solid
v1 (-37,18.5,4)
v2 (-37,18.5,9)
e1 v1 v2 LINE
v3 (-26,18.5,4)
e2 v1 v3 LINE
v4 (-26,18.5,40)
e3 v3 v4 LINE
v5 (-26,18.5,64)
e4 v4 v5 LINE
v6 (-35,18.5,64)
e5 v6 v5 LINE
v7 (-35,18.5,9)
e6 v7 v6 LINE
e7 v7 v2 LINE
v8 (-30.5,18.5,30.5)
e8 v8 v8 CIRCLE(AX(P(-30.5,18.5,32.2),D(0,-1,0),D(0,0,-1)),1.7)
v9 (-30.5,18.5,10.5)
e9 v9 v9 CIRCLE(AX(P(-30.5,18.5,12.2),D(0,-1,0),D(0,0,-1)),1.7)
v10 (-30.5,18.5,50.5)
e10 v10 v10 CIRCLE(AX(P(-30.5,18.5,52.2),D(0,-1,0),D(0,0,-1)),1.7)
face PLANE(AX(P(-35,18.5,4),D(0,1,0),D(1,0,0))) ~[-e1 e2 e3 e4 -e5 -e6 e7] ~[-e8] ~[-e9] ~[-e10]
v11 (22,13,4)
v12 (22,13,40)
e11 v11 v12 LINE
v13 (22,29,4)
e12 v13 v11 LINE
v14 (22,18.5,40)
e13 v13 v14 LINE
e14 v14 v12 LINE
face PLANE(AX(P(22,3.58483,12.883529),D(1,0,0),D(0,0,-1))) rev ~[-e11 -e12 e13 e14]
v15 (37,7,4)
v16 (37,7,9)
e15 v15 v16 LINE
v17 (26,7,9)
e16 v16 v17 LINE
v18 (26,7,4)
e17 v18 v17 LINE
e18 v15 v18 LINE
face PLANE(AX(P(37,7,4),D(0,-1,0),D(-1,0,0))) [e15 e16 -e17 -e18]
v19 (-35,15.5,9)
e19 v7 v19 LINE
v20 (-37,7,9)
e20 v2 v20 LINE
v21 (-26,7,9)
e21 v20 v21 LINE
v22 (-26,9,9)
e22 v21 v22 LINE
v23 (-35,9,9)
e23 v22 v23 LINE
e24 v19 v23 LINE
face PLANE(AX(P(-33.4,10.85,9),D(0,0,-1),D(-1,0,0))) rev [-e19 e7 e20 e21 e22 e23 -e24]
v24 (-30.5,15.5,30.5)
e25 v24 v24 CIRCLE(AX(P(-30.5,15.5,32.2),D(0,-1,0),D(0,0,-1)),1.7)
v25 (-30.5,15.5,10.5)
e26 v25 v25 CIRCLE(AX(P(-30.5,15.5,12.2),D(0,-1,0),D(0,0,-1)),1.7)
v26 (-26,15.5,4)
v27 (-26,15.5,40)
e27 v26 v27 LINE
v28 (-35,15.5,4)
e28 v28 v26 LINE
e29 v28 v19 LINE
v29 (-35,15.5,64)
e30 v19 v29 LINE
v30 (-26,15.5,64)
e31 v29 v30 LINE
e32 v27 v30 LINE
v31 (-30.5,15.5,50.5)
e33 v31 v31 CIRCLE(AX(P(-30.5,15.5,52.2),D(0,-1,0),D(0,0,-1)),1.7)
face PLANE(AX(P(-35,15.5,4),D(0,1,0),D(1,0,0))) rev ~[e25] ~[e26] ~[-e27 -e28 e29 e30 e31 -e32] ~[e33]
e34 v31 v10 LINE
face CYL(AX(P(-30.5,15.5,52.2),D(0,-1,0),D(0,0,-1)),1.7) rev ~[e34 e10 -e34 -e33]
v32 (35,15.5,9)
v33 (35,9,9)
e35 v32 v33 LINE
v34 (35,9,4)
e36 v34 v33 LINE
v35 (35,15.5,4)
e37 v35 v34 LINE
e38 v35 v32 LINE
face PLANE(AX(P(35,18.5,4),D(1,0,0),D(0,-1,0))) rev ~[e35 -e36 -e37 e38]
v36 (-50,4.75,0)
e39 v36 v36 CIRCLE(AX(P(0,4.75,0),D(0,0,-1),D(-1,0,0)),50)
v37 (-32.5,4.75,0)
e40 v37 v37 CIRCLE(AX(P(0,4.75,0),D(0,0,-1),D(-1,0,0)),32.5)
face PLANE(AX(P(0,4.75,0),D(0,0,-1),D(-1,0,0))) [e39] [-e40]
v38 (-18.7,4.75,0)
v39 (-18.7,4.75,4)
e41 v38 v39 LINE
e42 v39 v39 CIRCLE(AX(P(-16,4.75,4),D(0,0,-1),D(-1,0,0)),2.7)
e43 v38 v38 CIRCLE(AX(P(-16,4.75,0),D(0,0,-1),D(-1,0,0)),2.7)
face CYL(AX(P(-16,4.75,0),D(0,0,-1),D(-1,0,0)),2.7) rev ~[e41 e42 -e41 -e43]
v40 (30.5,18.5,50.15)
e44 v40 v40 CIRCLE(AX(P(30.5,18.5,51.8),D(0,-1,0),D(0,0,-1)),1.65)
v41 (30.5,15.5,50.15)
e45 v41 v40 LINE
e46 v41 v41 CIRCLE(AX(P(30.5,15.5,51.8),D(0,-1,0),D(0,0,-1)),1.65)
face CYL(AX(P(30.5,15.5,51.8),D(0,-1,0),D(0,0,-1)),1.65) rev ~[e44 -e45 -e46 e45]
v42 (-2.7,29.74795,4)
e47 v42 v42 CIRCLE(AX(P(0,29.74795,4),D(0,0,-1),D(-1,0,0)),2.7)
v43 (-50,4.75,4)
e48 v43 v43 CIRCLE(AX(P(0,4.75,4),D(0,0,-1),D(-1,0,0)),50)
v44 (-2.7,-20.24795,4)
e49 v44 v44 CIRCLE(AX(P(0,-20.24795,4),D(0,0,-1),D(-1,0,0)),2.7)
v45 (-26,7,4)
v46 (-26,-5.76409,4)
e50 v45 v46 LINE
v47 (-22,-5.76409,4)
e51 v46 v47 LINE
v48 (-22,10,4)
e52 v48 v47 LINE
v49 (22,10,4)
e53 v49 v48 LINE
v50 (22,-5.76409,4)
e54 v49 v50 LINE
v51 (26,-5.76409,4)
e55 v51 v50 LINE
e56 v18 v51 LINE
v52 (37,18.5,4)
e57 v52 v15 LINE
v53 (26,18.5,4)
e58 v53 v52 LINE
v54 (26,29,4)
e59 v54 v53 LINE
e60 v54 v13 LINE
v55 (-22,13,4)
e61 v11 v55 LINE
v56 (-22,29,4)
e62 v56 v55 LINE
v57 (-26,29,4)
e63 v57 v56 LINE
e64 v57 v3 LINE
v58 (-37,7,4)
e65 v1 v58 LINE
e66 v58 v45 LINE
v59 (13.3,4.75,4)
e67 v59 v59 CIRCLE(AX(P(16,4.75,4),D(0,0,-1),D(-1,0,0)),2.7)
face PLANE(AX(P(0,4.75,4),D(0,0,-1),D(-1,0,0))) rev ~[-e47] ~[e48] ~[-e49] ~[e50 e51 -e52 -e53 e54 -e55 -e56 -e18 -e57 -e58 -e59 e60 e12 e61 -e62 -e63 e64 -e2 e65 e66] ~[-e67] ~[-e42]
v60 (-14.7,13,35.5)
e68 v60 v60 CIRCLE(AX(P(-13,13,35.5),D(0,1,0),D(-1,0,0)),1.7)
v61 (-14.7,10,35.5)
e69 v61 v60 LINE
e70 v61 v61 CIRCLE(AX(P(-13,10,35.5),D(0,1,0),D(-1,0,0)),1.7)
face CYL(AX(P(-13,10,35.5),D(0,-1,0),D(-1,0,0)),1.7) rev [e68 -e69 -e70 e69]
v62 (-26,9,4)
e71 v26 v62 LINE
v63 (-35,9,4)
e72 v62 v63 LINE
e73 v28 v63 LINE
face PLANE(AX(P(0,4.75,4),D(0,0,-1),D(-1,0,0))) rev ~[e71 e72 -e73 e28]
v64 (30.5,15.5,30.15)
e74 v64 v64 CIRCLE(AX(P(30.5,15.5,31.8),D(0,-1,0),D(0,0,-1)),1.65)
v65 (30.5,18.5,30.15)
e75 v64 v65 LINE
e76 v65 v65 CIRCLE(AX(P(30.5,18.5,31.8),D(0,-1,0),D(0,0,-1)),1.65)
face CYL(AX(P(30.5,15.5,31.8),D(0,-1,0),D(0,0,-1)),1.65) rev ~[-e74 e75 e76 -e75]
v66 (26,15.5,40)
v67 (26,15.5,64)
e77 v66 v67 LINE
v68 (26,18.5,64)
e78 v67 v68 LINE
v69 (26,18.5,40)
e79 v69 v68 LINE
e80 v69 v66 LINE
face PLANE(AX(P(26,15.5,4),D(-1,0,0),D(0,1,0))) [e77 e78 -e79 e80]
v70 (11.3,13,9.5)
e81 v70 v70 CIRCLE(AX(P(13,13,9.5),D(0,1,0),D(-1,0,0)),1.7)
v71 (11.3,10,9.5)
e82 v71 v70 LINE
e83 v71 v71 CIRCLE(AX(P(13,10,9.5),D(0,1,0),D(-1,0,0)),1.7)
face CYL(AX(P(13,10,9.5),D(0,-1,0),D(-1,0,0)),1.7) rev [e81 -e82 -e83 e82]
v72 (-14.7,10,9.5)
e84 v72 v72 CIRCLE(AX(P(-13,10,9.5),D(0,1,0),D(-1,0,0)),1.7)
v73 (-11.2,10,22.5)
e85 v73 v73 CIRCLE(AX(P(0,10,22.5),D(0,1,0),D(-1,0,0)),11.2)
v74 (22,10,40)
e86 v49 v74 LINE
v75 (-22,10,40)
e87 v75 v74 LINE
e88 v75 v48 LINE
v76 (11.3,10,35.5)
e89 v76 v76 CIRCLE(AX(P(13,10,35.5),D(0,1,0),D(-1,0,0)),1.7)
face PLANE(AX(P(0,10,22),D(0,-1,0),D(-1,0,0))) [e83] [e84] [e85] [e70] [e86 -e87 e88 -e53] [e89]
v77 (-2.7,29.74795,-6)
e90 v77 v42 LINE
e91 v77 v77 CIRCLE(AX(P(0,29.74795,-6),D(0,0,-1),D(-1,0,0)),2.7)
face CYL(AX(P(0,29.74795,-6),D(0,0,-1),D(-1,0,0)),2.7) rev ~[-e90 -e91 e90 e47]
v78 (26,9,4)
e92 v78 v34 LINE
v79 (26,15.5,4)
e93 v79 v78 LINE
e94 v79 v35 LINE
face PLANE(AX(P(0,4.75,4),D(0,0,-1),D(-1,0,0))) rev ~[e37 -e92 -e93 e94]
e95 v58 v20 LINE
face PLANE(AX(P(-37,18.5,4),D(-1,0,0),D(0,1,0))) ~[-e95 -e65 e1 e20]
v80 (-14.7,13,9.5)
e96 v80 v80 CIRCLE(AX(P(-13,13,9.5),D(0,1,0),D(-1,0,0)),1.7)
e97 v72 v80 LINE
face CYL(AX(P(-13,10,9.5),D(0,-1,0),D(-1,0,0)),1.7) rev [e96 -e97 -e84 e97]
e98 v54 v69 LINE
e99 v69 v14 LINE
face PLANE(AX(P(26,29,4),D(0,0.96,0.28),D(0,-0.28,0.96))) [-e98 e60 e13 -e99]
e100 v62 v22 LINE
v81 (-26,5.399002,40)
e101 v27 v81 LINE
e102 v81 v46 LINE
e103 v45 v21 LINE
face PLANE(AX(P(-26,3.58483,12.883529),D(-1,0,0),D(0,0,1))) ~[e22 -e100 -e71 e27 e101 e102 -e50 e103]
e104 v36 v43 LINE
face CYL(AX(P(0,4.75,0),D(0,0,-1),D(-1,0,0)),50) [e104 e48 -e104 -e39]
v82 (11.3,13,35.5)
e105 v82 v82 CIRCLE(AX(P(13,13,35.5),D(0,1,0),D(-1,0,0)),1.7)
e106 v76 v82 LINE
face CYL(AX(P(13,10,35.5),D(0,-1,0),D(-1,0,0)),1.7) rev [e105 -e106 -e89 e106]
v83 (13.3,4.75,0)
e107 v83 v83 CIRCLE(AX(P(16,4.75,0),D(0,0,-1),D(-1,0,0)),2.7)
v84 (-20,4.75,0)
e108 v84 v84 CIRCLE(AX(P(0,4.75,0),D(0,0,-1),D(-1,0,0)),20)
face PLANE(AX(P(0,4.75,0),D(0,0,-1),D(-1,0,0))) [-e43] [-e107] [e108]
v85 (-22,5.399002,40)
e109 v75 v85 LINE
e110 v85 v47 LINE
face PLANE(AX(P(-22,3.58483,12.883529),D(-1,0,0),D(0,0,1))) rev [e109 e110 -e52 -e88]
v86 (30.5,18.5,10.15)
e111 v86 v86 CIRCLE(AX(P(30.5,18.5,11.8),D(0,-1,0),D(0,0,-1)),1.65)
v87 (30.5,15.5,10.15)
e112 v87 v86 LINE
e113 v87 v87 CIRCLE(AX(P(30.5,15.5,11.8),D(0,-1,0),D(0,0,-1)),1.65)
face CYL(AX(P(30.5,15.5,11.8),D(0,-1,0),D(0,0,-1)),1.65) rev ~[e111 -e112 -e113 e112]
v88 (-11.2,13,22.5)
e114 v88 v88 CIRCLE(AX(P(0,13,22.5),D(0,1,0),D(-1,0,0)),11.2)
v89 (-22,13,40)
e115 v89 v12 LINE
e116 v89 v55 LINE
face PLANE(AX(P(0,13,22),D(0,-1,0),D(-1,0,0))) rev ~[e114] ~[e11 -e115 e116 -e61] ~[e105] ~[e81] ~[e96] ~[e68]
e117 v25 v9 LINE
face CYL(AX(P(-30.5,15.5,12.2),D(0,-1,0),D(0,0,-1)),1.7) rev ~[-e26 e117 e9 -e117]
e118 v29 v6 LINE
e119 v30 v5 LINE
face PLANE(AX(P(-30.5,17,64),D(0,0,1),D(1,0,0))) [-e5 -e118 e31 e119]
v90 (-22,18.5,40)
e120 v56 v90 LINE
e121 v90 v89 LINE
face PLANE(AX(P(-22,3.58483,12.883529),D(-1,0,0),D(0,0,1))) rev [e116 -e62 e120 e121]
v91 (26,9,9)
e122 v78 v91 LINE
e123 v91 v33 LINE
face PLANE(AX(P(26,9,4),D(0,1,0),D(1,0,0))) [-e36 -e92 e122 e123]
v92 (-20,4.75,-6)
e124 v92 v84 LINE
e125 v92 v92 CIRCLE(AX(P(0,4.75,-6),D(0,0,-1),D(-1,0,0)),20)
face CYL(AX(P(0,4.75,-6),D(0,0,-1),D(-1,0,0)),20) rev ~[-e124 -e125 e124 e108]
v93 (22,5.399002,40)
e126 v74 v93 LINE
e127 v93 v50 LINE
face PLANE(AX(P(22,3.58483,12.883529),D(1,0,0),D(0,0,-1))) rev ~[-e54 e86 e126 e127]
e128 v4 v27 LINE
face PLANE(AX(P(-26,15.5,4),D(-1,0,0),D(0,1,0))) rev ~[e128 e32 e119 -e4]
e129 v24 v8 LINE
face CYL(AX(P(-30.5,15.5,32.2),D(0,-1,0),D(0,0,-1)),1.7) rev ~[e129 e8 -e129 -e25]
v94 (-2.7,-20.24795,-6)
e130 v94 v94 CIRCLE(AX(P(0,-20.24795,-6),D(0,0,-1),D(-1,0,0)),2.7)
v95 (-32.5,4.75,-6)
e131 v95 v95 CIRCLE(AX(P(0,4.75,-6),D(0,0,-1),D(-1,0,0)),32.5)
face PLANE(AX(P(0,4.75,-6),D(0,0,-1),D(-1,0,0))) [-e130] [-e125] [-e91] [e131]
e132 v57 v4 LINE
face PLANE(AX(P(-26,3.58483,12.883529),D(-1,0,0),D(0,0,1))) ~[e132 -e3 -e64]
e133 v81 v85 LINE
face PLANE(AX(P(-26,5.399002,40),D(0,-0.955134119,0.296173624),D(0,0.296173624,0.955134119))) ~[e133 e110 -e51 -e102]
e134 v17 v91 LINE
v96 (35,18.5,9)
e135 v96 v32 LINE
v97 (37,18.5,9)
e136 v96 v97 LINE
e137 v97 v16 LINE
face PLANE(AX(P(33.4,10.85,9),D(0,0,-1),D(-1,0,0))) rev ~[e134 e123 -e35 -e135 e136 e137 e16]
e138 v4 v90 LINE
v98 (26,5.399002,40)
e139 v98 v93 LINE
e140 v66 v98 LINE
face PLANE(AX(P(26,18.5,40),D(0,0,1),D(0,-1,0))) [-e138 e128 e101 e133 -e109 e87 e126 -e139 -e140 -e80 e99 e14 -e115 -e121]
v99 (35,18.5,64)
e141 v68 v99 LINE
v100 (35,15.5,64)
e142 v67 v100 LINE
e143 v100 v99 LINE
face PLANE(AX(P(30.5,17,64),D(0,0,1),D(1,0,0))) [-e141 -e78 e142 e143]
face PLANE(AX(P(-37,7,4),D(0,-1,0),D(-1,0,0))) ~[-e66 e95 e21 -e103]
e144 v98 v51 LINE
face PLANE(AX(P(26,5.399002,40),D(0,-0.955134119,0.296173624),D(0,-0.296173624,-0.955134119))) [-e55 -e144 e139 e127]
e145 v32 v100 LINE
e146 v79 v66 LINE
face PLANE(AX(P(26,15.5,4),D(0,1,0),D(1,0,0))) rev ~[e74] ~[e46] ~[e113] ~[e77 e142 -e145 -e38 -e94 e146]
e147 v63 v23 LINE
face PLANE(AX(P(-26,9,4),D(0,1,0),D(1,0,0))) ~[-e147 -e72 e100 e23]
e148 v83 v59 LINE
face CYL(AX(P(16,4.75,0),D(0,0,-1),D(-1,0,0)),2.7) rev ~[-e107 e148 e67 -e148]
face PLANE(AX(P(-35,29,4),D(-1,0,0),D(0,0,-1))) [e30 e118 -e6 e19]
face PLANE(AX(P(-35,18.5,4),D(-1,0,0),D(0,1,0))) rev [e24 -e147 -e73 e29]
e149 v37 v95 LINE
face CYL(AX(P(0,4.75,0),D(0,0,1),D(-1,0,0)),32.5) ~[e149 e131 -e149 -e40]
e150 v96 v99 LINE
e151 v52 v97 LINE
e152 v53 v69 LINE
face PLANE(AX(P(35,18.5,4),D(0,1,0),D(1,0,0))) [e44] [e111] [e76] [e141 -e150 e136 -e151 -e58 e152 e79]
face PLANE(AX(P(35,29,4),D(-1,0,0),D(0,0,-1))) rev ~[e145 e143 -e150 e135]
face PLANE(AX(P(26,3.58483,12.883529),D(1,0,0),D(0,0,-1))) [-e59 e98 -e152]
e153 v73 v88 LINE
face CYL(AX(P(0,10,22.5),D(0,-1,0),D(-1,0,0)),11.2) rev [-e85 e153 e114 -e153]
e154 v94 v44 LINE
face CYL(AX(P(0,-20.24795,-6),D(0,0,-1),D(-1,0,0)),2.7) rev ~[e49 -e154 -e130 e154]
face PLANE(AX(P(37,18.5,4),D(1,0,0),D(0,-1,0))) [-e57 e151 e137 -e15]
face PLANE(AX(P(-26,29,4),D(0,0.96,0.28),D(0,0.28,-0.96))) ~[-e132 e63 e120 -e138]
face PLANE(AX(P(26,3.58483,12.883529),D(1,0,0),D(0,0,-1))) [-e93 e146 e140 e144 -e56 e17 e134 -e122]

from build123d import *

# Parameters (mm, degrees)
SKETCH_1_W          = 70
SKETCH_1_H          = 58
EXTRUDE_1_DEPTH     = 4
SKETCH_2_W          = 9
SKETCH_2_H          = 3
EXTRUDE_2_DEPTH     = 60
SKETCH_4_W          = 70
SKETCH_4_H          = 4
EXTRUDE_4_DEPTH     = 9.5
EXTRUDE_START       = -9
EXTRUDE_5_DEPTH     = 4
SKETCH_5_R          = 50
EXTRUDE_6_DEPTH     = 4
SKETCH_6_R          = 32.5
EXTRUDE_7_DEPTH     = 6
SKETCH_7_R          = 20
CUT_EXTRUDE_1_DEPTH = 6
SKETCH_8_R          = 2.7
CUT_EXTRUDE_2_DEPTH = 10
SKETCH_9_R          = 2.7
CUT_EXTRUDE_3_DEPTH = 10
SKETCH_11_R         = 11.2
SKETCH_11_R_2       = 1.7
EXTRUDE_8_DEPTH     = 3
SKETCH_13_R         = 1.65
SKETCH_13_R_2       = 1.7
CUT_EXTRUDE_4_DEPTH = 10
EXTRUDE_9_DEPTH     = 5


with BuildPart() as part:
    # 草图1 → 凸台-拉伸1 (new body)
    with BuildSketch(Plane.XY):
        Rectangle(SKETCH_1_W, SKETCH_1_H)
    extrude(amount=EXTRUDE_1_DEPTH)

    # 草图2 → 凸台-拉伸2 (add)
    with BuildSketch(Plane.XY.offset(4)):
        with Locations((-30.5, 17)):
            Rectangle(SKETCH_2_W, SKETCH_2_H)
        with Locations((30.5, 17)):
            Rectangle(SKETCH_2_W, SKETCH_2_H)
    extrude(amount=EXTRUDE_2_DEPTH)

    # 草图4 → 凸台-拉伸4 (add)
    with BuildSketch(Plane(origin=(0, 29, 0), x_dir=(1, 0, 0), z_dir=(0, 1, 0))):
        with Locations((0, -2)):
            Rectangle(SKETCH_4_W, SKETCH_4_H)
    extrude(amount=EXTRUDE_4_DEPTH)

    # 草图3 → 凸台-拉伸5 (add)
    with BuildSketch(Plane(origin=(35, 0, 0), x_dir=(0, 0, -1), z_dir=(1, 0, 0)).offset(EXTRUDE_START)):
        Polygon((-4, 29), (-40, 18.5), (-40, 15.5), (-40, 5.399002441), (-4, -5.764089994), (-4, -29), (0, -29), (0, 29), align=None)
    extrude_5 = extrude(amount=-EXTRUDE_5_DEPTH)

    # 镜向2: 凸台-拉伸5 across plane
    add(extrude_5.mirror(Plane(origin=(0, 0, 0), x_dir=(0, 0, 1), z_dir=(1, 0, 0))))

    # 草图5 → 凸台-拉伸6 (add)
    with BuildSketch(Plane(origin=(0, 0, 0), x_dir=(-1, 0, 0), z_dir=(0, 0, -1))):
        with Locations((0, 4.75)):
            Circle(SKETCH_5_R)
    extrude(amount=-EXTRUDE_6_DEPTH)

    # 草图6 → 凸台-拉伸7 (add)
    with BuildSketch(Plane(origin=(0, 0, 0), x_dir=(-1, 0, 0), z_dir=(0, 0, -1))):
        with Locations((0, 4.75)):
            Circle(SKETCH_6_R)
    extrude(amount=EXTRUDE_7_DEPTH)

    # 草图7 → 切除-拉伸1 (cut)
    with BuildSketch(Plane(origin=(0, 0, -6), x_dir=(-1, 0, 0), z_dir=(0, 0, -1))):
        with Locations((0, 4.75)):
            Circle(SKETCH_7_R)
    extrude(amount=-CUT_EXTRUDE_1_DEPTH, mode=Mode.SUBTRACT)

    # 草图8 → 切除-拉伸2 (cut)
    with BuildSketch(Plane(origin=(0, 0, -6), x_dir=(-1, 0, 0), z_dir=(0, 0, -1))):
        with Locations((0, -20.247950199)):
            Circle(SKETCH_8_R)
        with Locations((0, 29.747950199)):
            Circle(SKETCH_8_R)
    extrude(amount=-CUT_EXTRUDE_2_DEPTH, mode=Mode.SUBTRACT)

    # 草图9 → 切除-拉伸3 (cut)
    with BuildSketch(Plane(origin=(0, 0, 0), x_dir=(-1, 0, 0), z_dir=(0, 0, -1))):
        with Locations((-16, 4.75)):
            Circle(SKETCH_9_R)
        with Locations((16, 4.75)):
            Circle(SKETCH_9_R)
    extrude(amount=-CUT_EXTRUDE_3_DEPTH, mode=Mode.SUBTRACT)

    # 草图11 → 凸台-拉伸8 (add)
    with BuildSketch(Plane(origin=(0, 10, 0), x_dir=(1, 0, 0), z_dir=(0, 1, 0))):
        Polygon((-17.5, -4), (17.5, -4), (22, -4), (22, -40), (17.5, -40), (-17.5, -40), (-22, -40), (-22, -4), align=None)
        with Locations(Location((0, -22.5, 0), (0, 0, 180))):
            Circle(SKETCH_11_R, mode=Mode.SUBTRACT)
        with Locations(Location((-13, -9.5, 0), (0, 0, 180))):
            Circle(SKETCH_11_R_2, mode=Mode.SUBTRACT)
        with Locations(Location((13, -9.5, 0), (0, 0, 180))):
            Circle(SKETCH_11_R_2, mode=Mode.SUBTRACT)
        with Locations(Location((13, -35.5, 0), (0, 0, 180))):
            Circle(SKETCH_11_R_2, mode=Mode.SUBTRACT)
        with Locations(Location((-13, -35.5, 0), (0, 0, 180))):
            Circle(SKETCH_11_R_2, mode=Mode.SUBTRACT)
    extrude(amount=EXTRUDE_8_DEPTH)

    # 草图13 → 切除-拉伸4 (cut)
    with BuildSketch(Plane.XZ.offset(-15.5)):
        with Locations(Location((30.5, 11.8, 0), (0, 0, 270))):
            Circle(SKETCH_13_R)
        with Locations(Location((30.5, 31.8, 0), (0, 0, 270))):
            Circle(SKETCH_13_R)
        with Locations(Location((30.5, 51.8, 0), (0, 0, 270))):
            Circle(SKETCH_13_R)
        with Locations(Location((-30.5, 12.2, 0), (0, 0, 270))):
            Circle(SKETCH_13_R_2)
        with Locations(Location((-30.5, 32.2, 0), (0, 0, 270))):
            Circle(SKETCH_13_R_2)
        with Locations(Location((-30.5, 52.2, 0), (0, 0, 270))):
            Circle(SKETCH_13_R_2)
    extrude(amount=-CUT_EXTRUDE_4_DEPTH, mode=Mode.SUBTRACT)

    # 草图14 → 凸台-拉伸9 (add)
    with BuildSketch(Plane.XY.offset(4)):
        Polygon((26, 9), (35, 9), (35, 15.5), (35, 18.5), (37, 18.5), (37, 7), (26, 7), align=None)
    extrude_9 = extrude(amount=EXTRUDE_9_DEPTH)

    # 镜向3: 凸台-拉伸9 across plane
    add(extrude_9.mirror(Plane(origin=(0, 0, 0), x_dir=(0, 0, 1), z_dir=(1, 0, 0))))


solid = part.part
